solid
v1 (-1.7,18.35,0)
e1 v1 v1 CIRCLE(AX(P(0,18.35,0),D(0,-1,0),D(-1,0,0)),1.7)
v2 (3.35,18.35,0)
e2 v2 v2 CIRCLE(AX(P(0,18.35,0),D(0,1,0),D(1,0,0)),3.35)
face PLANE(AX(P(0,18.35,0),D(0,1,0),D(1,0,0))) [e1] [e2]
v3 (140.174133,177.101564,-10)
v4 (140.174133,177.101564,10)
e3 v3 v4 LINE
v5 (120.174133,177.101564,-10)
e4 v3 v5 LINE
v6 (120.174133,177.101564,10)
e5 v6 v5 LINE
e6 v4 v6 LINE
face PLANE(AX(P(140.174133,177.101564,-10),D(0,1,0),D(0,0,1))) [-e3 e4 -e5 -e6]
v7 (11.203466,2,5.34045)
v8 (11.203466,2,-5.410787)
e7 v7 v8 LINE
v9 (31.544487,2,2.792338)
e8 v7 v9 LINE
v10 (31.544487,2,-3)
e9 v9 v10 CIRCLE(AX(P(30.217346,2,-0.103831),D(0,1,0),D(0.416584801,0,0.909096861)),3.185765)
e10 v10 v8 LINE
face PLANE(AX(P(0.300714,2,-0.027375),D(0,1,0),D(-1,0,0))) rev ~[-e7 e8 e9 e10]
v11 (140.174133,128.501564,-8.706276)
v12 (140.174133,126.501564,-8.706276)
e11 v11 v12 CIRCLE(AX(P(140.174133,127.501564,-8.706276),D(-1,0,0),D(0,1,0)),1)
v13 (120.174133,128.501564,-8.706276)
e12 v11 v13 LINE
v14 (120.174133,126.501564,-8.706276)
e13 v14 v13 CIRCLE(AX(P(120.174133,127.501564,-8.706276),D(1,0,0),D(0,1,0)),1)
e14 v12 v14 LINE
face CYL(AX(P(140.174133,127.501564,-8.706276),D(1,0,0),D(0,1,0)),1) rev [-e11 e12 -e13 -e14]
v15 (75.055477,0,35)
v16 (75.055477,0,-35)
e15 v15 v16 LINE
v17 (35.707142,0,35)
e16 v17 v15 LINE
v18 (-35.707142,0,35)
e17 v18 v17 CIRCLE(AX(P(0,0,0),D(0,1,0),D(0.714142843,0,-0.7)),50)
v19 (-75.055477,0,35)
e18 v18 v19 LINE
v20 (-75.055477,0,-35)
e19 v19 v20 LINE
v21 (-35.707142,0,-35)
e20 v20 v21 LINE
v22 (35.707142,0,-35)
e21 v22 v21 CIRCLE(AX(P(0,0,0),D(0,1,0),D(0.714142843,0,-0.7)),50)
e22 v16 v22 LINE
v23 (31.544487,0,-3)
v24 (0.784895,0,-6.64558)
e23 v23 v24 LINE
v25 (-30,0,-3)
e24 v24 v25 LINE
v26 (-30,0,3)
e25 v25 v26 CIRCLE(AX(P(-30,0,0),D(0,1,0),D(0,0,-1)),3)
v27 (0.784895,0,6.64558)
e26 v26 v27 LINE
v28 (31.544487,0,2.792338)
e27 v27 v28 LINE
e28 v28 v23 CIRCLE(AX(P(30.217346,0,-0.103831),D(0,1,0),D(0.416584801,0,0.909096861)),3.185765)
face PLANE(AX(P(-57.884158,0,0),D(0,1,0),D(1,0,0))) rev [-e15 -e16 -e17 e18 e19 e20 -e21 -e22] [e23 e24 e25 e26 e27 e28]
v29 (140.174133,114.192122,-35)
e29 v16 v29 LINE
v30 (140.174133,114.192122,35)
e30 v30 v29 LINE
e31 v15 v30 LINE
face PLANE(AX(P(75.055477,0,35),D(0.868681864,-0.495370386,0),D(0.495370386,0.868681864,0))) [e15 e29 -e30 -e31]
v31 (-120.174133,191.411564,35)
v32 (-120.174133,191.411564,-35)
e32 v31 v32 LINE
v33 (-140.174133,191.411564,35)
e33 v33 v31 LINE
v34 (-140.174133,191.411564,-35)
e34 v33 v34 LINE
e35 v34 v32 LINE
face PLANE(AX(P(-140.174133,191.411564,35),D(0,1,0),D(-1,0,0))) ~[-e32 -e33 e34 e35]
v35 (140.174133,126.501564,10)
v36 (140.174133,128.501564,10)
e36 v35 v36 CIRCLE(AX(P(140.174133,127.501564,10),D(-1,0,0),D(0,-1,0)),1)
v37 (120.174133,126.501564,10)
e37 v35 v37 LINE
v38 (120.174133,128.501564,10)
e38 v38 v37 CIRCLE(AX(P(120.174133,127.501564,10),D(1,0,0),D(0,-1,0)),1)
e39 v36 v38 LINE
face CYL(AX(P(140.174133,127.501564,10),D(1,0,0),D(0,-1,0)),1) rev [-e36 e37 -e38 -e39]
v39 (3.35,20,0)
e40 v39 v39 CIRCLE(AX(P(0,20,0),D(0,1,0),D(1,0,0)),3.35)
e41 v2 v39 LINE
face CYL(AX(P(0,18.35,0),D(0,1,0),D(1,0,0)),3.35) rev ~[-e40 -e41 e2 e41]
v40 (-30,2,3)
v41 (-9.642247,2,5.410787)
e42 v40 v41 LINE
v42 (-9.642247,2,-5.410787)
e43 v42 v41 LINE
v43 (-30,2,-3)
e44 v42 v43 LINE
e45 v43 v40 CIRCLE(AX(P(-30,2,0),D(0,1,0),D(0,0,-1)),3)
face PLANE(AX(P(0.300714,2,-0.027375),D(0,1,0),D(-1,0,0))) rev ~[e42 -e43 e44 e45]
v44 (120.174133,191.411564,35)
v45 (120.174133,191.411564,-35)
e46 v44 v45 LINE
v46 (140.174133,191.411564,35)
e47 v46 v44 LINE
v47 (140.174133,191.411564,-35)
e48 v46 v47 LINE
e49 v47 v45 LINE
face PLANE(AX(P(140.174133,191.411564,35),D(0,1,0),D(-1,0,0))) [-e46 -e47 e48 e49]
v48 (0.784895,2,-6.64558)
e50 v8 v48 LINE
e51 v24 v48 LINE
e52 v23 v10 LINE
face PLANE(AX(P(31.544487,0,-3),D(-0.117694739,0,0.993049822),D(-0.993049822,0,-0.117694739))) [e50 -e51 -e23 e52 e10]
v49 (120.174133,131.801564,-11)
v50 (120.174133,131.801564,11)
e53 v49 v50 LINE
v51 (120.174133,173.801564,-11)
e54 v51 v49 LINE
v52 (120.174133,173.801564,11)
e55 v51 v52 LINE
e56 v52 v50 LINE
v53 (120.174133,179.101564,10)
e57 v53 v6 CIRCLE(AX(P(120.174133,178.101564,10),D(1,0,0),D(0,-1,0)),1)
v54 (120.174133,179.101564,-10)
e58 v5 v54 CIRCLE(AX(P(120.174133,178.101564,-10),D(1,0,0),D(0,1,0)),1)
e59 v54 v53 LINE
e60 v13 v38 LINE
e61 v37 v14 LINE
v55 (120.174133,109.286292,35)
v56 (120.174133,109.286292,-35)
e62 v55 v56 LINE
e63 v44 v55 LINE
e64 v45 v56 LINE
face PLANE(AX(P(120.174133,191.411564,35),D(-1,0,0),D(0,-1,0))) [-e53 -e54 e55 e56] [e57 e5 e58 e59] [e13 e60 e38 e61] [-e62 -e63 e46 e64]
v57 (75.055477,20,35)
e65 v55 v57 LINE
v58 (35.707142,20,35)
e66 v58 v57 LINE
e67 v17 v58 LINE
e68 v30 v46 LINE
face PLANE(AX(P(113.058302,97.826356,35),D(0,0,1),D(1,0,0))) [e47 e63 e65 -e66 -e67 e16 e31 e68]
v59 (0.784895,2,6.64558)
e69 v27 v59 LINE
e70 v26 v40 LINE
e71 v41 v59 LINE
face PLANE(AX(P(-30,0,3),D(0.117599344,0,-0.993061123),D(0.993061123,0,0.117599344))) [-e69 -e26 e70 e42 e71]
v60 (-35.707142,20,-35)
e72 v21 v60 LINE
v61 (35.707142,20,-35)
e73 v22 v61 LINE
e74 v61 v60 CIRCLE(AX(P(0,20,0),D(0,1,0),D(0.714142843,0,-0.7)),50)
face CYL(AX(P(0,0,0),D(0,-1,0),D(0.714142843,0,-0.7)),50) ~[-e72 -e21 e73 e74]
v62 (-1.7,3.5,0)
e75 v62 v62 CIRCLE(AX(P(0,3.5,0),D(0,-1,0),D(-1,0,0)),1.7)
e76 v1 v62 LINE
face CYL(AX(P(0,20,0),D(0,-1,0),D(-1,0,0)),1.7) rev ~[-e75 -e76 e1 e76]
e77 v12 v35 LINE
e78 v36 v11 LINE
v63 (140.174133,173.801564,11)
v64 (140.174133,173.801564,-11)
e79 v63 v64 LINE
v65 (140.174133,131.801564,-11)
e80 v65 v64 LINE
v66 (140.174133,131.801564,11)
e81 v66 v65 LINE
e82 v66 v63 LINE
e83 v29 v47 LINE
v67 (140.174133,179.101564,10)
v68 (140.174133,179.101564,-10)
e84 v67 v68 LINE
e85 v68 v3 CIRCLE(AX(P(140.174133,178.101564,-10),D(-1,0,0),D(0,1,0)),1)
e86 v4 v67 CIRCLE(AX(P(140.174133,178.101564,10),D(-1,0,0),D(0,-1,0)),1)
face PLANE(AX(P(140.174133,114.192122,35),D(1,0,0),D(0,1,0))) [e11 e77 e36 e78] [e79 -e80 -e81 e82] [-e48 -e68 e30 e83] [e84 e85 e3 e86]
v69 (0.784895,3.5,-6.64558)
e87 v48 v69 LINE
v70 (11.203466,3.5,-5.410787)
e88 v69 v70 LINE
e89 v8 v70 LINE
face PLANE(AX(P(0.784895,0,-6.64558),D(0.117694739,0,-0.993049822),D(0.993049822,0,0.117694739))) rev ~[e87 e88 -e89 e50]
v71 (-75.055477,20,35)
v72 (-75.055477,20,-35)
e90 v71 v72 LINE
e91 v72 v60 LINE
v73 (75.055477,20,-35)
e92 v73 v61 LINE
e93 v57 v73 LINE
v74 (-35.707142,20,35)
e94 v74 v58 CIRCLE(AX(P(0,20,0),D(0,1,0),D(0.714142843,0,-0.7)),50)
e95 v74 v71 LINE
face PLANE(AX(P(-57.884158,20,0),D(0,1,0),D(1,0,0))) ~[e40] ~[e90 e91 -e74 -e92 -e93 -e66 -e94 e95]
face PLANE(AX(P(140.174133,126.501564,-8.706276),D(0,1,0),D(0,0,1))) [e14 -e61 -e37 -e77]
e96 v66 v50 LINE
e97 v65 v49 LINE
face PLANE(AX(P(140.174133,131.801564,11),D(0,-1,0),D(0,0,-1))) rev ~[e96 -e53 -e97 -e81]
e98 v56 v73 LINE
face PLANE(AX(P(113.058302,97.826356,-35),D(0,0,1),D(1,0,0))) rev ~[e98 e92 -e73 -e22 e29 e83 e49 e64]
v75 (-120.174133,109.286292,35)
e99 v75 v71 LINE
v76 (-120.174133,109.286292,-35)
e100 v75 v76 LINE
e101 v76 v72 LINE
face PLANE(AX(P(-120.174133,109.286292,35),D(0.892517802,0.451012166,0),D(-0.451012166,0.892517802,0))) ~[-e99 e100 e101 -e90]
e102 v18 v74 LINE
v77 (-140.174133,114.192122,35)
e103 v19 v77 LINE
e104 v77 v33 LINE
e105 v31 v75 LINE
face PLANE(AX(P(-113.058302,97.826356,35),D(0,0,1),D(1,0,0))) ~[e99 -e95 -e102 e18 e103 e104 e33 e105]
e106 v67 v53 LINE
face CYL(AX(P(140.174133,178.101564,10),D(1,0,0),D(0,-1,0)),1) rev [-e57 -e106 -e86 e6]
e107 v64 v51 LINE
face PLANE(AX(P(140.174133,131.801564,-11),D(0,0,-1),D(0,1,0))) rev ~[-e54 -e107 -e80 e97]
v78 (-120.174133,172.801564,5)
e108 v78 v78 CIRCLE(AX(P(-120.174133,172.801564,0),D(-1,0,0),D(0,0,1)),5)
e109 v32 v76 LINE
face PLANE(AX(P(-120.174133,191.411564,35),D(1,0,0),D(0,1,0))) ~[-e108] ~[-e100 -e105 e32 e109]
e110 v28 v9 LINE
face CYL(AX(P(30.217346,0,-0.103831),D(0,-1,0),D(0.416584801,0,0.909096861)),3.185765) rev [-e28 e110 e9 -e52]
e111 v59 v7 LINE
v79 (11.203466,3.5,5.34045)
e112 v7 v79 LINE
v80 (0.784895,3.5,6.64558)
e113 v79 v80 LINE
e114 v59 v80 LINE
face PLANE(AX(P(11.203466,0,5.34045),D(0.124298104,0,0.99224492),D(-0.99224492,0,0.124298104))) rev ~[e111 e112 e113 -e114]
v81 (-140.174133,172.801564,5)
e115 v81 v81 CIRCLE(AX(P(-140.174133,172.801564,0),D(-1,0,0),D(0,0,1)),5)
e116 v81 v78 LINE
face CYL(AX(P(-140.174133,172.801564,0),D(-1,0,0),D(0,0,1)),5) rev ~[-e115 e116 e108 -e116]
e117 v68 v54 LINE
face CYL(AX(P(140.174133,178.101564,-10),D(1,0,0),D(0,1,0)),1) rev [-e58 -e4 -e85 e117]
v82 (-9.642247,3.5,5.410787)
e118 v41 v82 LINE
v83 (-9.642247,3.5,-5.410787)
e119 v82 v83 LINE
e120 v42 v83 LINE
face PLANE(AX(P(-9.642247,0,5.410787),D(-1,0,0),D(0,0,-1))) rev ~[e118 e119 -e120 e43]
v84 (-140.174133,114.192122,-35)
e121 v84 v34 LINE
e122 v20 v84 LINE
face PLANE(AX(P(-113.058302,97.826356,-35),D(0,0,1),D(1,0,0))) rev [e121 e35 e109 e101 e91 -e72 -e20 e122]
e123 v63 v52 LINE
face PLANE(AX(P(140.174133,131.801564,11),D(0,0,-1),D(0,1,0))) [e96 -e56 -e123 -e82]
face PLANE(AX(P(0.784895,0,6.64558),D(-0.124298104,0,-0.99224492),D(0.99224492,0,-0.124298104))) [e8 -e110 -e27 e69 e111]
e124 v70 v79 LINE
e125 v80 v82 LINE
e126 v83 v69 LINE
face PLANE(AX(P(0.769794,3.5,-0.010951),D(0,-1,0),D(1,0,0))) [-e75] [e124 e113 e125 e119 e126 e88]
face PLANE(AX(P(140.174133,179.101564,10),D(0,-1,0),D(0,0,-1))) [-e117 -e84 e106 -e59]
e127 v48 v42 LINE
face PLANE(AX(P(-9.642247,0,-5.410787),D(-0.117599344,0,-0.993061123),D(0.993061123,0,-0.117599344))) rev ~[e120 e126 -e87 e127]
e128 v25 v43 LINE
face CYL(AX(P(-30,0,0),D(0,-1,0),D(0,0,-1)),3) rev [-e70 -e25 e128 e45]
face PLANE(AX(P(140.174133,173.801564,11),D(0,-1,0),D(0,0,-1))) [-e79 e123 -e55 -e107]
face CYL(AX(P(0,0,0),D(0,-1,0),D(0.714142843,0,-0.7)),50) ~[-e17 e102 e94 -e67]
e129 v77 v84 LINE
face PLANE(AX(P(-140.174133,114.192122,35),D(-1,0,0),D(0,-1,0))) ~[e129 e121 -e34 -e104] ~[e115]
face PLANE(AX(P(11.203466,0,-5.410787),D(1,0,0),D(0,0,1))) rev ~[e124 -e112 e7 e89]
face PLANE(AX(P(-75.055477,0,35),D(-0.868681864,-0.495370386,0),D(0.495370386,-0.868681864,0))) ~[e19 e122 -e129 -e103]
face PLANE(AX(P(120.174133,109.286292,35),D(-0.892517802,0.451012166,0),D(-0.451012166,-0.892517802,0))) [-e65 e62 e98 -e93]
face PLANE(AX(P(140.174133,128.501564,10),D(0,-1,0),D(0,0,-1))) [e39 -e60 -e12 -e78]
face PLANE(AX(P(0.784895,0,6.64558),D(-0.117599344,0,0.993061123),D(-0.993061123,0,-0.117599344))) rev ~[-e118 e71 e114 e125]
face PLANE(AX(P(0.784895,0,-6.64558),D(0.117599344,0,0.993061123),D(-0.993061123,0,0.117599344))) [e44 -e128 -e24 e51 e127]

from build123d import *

# Parameters (mm, degrees)
EXTRUDE_1_DEPTH        = 20
EXTRUDE_2_DEPTH        = 70
F_1_4_BASE_D           = 3.4
F_1_4_BASE_CBORE_D     = 6.7
F_1_4_BASE_CBORE_DEPTH = 1.65
SKETCH_11_W            = 22
SKETCH_11_H            = 42
CUT_EXTRUDE_1_DEPTH    = 32
CUT_EXTRUDE_2_DEPTH    = 67
SKETCH_15_R            = 5
CUT_EXTRUDE_3_DEPTH    = 70
CUT_EXTRUDE_4_DEPTH    = 2
CUT_EXTRUDE_5_DEPTH    = 3.5


with BuildPart() as part:
    # 草图1 → 凸台-拉伸1 (new body)
    with BuildSketch(Plane(origin=(0, 0, 0), x_dir=(1, 0, 0), z_dir=(0, 1, 0))):
        with BuildLine():
            Line((75.055476805, 35), (35.707142143, 35))
            ThreePointArc((35.707142143, 35), (46.289075964, 18.902948088), (50, 0))
            ThreePointArc((50, 0), (46.289075964, -18.902948088), (35.707142143, -35))
            Line((35.707142143, -35), (75.055476805, -35))
            Line((75.055476805, -35), (75.055476805, 35))
        make_face()
        with BuildLine():
            Line((0.055476805, -35), (0.055476805, 35))
            Line((0.055476805, 35), (35.707142143, 35))
            ThreePointArc((35.707142143, 35), (-50, 0), (35.707142143, -35))
            Line((35.707142143, -35), (0.055476805, -35))
        make_face()
        with BuildLine():
            Line((35.707142143, 35), (0.055476805, 35))
            Line((0.055476805, 35), (0.055476805, -35))
            Line((0.055476805, -35), (35.707142143, -35))
            ThreePointArc((35.707142143, -35), (46.289075964, -18.902948088), (50, 0))
            ThreePointArc((50, 0), (46.289075964, 18.902948088), (35.707142143, 35))
        make_face()
    extrude_1 = extrude(amount=EXTRUDE_1_DEPTH)

    # 草图2 → 凸台-拉伸2 (add)
    with BuildSketch(Plane.XY.offset(35)):
        Polygon((75.055476805, 0), (140.174133177, 114.192122372), (140.174133177, 191.411564081), (120.174133177, 191.411564081), (120.174133177, 109.286292207), (75.055476805, 20), align=None)
    extrude_2 = extrude(amount=-EXTRUDE_2_DEPTH)

    # 镜向1: 凸台-拉伸1, 凸台-拉伸2 across plane
    add(extrude_1.mirror(Plane(origin=(0, 0, 0), x_dir=(0, 0, 1), z_dir=(1, 0, 0))))
    add(extrude_2.mirror(Plane(origin=(0, 0, 0), x_dir=(0, 0, 1), z_dir=(1, 0, 0))))

    # 1/4 六角头螺钉的柱形沉头孔base (through all)
    with Locations(Plane(origin=(0, 20, 0), x_dir=(1, 0, 0), z_dir=(0, 1, 0))):
        with Locations((0, 0)):
            CounterBoreHole(F_1_4_BASE_D / 2, F_1_4_BASE_CBORE_D / 2, F_1_4_BASE_CBORE_DEPTH)

    # 草图11 → 切除-拉伸1 (cut)
    with BuildSketch(Plane(origin=(140.174133177, 0, 0), x_dir=(0, 0, -1), z_dir=(1, 0, 0))):
        with Locations((0, 152.801564081)):
            Rectangle(SKETCH_11_W, SKETCH_11_H)
    extrude(amount=-CUT_EXTRUDE_1_DEPTH, mode=Mode.SUBTRACT)

    # 草图14 → 切除-拉伸2 (cut)
    with BuildSketch(Plane(origin=(140.174133177, 0, 0), x_dir=(0, 0, -1), z_dir=(1, 0, 0))):
        with BuildLine():
            Line((-10, 179.101564081), (10, 179.101564081))
            ThreePointArc((10, 179.101564081), (11, 178.101564081), (10, 177.101564081))
            Line((10, 177.101564081), (-10, 177.101564081))
            ThreePointArc((-10, 177.101564081), (-11, 178.101564081), (-10, 179.101564081))
        make_face()
        with BuildLine():
            Line((-10, 128.501564081), (8.706275956, 128.501564081))
            ThreePointArc((8.706275956, 128.501564081), (9.706275956, 127.501564081), (8.706275956, 126.501564081))
            Line((8.706275956, 126.501564081), (-10, 126.501564081))
            ThreePointArc((-10, 126.501564081), (-11, 127.501564081), (-10, 128.501564081))
        make_face()
    extrude(amount=-CUT_EXTRUDE_2_DEPTH, mode=Mode.SUBTRACT)

    # 草图15 → 切除-拉伸3 (cut)
    with BuildSketch(Plane.ZY.offset(140.174133177)):
        with Locations((0, 172.801564081)):
            Circle(SKETCH_15_R)
    extrude(amount=-CUT_EXTRUDE_3_DEPTH, mode=Mode.SUBTRACT)

    # 草图16 → 切除-拉伸4 (cut)
    with BuildSketch(Plane.XZ):
        with BuildLine():
            Line((-30, 3), (0.784894819, 6.64557965))
            Line((0.784894819, 6.64557965), (31.544487342, 2.792338441))
            ThreePointArc((31.544487342, 2.792338441), (33.403111228, -0.103830779), (31.544487342, -3))
            Line((31.544487342, -3), (0.784894819, -6.64557965))
            Line((0.784894819, -6.64557965), (-30, -3))
            ThreePointArc((-30, -3), (-33, 0), (-30, 3))
        make_face()
    extrude(amount=-CUT_EXTRUDE_4_DEPTH, mode=Mode.SUBTRACT)

    # 草图17 → 切除-拉伸5 (cut)
    with BuildSketch(Plane.XZ):
        Polygon((0.784894819, 6.64557965), (-9.642246975, 5.410786542), (-9.642246975, -5.410786542), (0.784894819, -6.64557965), (11.20346648, -5.410786542), (11.20346648, 5.340449563), align=None)
    extrude(amount=-CUT_EXTRUDE_5_DEPTH, mode=Mode.SUBTRACT)


solid = part.part
